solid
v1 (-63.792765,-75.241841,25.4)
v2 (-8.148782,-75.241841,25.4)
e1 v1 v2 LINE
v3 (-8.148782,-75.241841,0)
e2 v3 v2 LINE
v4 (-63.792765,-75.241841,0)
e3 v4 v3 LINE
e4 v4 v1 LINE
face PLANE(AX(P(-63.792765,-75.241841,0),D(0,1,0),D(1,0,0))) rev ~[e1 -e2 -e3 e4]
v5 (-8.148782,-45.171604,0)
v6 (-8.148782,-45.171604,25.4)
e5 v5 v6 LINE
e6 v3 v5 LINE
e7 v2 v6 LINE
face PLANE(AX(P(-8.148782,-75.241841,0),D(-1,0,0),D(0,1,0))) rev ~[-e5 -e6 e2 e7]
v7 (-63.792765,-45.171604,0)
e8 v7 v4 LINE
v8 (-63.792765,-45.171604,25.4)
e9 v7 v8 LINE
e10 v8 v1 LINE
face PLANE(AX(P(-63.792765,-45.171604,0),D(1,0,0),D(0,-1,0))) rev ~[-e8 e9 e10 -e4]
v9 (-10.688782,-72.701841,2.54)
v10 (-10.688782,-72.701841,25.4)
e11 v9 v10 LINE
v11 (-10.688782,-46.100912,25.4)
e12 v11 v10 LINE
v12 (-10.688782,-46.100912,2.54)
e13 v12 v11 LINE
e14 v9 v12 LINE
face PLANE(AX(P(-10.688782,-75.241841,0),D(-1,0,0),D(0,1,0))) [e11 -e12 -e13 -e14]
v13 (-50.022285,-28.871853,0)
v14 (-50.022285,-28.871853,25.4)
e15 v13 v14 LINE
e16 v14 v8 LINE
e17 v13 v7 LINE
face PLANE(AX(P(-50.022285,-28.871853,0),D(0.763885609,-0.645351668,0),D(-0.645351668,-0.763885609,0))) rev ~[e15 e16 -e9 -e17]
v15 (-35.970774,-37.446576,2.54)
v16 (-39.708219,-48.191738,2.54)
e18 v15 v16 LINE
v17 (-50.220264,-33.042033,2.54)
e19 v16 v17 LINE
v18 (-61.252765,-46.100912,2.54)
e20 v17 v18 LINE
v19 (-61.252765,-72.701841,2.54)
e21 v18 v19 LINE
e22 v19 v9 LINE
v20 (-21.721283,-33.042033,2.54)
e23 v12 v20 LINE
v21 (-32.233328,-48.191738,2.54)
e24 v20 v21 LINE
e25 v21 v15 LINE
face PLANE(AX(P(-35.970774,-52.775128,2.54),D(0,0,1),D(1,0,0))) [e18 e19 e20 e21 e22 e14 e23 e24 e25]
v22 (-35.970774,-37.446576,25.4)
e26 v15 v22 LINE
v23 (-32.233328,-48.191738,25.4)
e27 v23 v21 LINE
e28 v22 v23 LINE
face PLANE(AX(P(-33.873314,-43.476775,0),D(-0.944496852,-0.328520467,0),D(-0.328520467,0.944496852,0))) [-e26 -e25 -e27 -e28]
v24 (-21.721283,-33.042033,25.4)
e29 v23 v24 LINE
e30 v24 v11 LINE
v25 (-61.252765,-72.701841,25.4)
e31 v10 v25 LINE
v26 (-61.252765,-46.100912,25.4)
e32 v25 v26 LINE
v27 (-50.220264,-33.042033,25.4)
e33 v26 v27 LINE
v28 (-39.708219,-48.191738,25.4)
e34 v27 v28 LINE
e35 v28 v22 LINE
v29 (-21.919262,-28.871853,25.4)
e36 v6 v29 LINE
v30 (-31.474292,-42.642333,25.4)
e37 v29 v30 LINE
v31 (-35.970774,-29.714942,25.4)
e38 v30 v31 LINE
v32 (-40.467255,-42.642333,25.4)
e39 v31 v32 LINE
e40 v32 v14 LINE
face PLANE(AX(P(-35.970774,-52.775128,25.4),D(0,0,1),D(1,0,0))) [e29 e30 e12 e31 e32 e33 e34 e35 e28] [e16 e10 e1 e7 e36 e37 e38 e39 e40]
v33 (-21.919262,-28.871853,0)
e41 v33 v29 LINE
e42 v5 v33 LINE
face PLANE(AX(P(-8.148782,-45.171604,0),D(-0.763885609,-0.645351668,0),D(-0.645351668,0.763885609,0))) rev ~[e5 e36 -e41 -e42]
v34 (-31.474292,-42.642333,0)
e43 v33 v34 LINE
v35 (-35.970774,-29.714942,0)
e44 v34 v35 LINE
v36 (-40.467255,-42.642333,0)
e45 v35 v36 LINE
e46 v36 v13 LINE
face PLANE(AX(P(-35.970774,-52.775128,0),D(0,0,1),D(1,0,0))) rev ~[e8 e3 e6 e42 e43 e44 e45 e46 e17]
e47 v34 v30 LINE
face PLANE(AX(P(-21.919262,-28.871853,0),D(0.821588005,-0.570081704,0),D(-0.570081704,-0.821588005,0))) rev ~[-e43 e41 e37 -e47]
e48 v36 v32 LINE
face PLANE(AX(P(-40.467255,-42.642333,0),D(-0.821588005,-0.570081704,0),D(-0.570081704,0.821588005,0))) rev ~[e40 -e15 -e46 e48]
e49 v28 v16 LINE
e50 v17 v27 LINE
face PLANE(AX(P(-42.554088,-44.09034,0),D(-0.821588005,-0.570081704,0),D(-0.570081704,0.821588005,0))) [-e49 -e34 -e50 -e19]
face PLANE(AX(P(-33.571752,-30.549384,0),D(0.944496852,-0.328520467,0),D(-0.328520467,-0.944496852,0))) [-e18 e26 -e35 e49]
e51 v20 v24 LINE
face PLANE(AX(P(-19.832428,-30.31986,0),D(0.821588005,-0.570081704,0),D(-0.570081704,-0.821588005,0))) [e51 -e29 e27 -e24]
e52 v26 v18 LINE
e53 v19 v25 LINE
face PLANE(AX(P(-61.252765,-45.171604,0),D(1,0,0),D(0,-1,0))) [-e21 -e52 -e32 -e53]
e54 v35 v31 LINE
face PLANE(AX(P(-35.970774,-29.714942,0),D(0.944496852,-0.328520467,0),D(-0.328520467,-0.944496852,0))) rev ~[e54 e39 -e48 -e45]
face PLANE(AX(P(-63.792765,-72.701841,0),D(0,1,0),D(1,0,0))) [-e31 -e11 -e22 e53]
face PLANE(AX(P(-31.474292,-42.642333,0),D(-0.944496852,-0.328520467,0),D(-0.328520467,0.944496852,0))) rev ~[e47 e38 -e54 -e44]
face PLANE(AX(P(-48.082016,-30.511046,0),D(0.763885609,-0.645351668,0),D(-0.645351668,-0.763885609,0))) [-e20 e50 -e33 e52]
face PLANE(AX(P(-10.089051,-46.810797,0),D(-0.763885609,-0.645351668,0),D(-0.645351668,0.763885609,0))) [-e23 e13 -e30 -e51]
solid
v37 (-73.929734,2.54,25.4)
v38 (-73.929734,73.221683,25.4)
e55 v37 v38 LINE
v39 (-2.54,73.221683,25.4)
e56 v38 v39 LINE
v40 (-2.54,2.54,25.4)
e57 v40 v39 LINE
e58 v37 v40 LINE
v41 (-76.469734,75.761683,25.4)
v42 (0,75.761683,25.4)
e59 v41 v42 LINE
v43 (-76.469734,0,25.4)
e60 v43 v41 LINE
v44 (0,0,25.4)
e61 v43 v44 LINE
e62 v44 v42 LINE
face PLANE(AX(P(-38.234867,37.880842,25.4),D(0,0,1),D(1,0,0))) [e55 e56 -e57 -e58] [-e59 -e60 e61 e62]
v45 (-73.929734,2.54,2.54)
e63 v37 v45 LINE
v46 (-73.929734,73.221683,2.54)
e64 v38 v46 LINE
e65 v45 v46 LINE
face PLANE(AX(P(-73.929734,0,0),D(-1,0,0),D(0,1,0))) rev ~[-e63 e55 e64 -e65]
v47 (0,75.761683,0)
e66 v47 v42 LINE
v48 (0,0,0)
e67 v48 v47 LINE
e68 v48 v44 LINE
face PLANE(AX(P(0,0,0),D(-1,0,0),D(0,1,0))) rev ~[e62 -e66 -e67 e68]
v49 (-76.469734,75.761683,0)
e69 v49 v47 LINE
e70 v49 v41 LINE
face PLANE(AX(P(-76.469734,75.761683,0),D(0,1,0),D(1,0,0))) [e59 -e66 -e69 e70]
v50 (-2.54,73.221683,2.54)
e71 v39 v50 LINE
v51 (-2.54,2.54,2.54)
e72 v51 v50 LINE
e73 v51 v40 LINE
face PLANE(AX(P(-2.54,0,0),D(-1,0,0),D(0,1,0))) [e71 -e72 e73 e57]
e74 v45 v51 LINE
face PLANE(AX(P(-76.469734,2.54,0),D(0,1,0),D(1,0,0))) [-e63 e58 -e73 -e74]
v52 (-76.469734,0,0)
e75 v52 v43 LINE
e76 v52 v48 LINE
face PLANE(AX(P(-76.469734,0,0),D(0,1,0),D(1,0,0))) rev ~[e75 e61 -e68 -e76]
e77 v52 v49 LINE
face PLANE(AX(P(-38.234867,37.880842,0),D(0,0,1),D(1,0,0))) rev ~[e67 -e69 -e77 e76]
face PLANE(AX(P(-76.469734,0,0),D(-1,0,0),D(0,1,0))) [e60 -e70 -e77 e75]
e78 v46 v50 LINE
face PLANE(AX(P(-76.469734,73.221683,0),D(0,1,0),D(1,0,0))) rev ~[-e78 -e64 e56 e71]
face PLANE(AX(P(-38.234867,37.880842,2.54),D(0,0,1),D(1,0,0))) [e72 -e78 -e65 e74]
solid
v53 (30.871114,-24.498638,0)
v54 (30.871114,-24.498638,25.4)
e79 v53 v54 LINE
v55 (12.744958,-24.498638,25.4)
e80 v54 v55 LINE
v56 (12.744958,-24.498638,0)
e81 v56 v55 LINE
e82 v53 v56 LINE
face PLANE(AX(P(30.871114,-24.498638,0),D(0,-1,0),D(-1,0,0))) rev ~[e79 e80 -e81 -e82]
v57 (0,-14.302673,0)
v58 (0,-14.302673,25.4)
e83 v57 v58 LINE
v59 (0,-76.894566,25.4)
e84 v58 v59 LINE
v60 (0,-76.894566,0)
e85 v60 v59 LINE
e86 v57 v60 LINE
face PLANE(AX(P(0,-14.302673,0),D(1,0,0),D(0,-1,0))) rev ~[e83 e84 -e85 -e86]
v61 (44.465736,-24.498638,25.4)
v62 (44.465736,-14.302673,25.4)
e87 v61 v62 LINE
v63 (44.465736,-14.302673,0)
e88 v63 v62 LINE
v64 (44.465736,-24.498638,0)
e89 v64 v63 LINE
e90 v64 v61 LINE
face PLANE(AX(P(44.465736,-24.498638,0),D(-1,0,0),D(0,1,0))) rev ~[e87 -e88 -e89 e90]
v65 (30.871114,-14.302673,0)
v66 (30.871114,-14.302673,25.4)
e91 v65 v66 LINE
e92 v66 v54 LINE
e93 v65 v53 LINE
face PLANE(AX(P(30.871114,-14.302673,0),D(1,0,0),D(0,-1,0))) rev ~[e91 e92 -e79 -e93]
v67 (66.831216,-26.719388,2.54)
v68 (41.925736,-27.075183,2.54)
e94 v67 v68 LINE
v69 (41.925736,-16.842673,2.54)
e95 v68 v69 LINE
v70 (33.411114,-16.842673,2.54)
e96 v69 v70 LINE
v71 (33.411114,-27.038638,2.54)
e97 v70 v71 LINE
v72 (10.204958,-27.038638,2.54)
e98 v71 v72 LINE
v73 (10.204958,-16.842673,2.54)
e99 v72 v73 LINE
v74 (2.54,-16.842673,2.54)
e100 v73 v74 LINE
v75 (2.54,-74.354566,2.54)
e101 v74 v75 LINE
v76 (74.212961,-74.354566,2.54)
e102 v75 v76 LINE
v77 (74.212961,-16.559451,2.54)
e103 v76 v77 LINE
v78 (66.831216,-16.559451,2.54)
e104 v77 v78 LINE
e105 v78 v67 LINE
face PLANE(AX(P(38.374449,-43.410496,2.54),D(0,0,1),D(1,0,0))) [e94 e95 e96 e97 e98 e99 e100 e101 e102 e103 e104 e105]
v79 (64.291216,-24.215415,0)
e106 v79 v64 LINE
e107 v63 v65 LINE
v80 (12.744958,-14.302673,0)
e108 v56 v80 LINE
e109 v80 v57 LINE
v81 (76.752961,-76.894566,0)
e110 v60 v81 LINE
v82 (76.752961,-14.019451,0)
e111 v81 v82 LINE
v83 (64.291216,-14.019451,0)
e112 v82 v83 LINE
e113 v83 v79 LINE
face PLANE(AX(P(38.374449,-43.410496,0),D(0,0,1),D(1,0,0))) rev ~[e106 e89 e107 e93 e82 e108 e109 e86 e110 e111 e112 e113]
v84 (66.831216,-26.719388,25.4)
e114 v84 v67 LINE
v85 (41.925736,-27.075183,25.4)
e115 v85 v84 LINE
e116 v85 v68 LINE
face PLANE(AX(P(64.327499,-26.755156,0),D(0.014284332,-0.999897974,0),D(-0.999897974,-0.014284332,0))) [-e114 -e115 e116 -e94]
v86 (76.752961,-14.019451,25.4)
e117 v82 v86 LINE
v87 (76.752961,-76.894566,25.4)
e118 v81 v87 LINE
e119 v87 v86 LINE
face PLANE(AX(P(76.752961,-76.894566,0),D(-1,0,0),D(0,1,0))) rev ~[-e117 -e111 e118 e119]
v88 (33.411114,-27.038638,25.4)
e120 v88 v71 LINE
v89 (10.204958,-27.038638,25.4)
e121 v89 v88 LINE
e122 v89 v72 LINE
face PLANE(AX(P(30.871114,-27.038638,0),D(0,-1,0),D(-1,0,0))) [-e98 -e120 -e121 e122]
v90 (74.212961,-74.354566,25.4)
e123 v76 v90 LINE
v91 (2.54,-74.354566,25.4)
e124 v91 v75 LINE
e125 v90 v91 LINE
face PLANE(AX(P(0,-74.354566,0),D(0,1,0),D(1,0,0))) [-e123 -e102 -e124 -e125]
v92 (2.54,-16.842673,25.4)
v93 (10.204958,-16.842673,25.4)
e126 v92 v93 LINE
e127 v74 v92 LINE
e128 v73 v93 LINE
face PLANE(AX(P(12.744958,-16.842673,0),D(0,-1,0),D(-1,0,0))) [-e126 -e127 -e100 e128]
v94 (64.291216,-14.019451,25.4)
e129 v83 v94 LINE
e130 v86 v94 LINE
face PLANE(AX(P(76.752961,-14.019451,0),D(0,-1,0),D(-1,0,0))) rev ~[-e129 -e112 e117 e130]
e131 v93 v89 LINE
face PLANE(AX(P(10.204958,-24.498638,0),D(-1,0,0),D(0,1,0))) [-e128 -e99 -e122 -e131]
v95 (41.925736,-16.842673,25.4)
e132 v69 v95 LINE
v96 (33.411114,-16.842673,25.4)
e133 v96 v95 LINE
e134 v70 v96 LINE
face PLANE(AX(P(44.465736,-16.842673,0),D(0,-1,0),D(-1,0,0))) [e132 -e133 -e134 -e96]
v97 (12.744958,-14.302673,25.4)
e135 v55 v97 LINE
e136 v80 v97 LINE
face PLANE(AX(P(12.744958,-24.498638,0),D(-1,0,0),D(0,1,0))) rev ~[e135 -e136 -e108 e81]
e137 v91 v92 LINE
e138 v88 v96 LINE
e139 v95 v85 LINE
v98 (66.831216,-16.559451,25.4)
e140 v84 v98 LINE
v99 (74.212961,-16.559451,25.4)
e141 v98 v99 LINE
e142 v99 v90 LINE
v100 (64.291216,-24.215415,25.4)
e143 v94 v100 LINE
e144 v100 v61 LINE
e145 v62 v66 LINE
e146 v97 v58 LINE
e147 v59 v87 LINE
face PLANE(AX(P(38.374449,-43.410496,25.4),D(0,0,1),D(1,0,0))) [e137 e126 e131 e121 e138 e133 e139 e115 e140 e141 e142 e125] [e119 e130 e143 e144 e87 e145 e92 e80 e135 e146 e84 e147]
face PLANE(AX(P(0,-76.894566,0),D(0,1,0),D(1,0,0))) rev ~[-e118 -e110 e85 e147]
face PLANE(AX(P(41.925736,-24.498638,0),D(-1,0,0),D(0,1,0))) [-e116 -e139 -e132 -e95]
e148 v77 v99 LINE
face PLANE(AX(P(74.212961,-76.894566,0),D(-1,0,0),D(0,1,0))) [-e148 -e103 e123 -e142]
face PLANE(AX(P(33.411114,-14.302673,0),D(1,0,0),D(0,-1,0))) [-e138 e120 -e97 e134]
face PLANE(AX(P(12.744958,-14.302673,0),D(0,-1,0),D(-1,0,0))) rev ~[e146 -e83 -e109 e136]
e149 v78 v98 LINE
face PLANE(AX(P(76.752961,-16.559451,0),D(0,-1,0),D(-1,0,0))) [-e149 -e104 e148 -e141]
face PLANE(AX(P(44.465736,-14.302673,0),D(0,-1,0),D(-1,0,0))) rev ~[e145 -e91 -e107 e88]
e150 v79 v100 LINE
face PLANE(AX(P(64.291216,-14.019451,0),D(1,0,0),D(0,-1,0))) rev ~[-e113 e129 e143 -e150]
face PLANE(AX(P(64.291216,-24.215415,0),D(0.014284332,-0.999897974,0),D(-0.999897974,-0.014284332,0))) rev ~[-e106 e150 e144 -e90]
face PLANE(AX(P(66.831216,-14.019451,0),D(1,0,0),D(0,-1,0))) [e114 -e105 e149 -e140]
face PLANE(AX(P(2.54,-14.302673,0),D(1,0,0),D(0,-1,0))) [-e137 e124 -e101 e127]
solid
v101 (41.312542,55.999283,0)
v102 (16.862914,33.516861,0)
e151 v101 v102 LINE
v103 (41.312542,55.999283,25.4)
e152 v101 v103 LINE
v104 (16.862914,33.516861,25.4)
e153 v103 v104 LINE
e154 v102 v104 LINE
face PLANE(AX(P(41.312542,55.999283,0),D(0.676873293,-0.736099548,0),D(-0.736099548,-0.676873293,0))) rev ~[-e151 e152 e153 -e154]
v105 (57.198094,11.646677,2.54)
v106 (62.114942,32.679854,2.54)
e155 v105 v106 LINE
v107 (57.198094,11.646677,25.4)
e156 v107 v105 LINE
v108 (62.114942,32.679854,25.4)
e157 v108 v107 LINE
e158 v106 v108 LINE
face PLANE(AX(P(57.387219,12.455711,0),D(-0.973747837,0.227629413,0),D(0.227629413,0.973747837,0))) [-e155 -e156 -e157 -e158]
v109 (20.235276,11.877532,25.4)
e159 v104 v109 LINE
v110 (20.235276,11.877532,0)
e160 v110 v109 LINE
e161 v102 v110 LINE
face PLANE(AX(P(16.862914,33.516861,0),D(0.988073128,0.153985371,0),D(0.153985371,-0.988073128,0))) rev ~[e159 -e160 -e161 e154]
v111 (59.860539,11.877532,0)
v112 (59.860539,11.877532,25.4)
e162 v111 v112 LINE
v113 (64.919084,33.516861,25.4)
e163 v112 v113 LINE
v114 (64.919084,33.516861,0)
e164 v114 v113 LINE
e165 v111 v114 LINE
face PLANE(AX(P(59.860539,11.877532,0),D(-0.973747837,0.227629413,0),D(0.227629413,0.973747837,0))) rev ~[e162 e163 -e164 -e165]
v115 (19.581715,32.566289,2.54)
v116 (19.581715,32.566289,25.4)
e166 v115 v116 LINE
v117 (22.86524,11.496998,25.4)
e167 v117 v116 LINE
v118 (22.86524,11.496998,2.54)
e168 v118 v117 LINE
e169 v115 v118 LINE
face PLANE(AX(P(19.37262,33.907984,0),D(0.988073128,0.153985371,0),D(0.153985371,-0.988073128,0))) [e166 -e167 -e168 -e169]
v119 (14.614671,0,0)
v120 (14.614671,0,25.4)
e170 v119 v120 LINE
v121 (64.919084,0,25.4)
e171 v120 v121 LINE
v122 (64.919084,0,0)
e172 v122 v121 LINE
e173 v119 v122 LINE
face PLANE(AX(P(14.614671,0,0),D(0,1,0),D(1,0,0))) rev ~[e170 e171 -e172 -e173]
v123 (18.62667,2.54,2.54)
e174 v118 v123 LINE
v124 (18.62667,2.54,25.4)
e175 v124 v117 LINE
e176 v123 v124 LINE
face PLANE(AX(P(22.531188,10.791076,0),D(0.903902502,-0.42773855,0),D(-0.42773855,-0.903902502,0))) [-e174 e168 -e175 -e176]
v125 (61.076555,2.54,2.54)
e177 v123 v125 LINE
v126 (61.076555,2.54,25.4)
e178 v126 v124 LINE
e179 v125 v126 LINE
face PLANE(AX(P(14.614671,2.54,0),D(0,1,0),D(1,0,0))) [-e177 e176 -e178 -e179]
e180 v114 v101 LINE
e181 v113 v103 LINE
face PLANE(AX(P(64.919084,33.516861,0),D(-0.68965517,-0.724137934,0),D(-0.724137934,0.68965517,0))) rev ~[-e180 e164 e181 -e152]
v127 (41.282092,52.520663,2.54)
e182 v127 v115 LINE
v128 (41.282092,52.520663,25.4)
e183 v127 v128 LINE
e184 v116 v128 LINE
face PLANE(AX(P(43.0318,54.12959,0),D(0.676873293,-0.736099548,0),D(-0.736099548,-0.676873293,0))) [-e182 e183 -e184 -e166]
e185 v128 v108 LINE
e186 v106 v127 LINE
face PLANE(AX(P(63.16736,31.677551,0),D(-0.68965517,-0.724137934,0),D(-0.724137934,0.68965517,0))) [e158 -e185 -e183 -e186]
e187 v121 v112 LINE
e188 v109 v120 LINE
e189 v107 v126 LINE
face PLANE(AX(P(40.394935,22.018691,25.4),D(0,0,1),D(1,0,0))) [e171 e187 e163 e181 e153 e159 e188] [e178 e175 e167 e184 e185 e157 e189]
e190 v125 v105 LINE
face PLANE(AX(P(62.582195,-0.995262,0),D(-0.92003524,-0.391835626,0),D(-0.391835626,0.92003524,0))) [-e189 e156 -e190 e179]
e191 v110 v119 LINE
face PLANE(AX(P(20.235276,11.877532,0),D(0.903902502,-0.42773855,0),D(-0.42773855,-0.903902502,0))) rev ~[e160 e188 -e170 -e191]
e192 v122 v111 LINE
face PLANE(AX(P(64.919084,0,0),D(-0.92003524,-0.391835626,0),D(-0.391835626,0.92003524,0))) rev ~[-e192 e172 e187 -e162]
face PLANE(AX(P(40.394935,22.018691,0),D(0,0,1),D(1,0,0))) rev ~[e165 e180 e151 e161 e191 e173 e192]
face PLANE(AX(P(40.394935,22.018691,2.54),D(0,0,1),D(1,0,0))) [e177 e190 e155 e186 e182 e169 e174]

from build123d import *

# Parameters (mm, degrees)
F0_W      = 76.4697343111
F0_H      = 75.7616832852
F1_DEPTH  = 25.4
F2_T      = -2.54
F4_DEPTH  = 25.4
F5_T      = -2.54
F7_DEPTH  = 25.4
F8_T      = -2.54
F10_DEPTH = 25.4
F11_T     = -2.54


with BuildPart() as f1:
    # F0 (on Top) → F1 (new body)
    with BuildSketch(Plane.XY):
        with Locations((-38.2348671556, 37.8808416426)):
            Rectangle(F0_W, F0_H)
    extrude(amount=F1_DEPTH)

    # F2
    f2_openings = [f1.faces().sort_by_distance(p)[0] for p in [
        (-38.234867, 37.880842, 25.4),
    ]]
    offset(amount=F2_T, openings=f2_openings)


with BuildPart() as f4:
    # F3 (on Top) → F4 (new body)
    with BuildSketch(Plane.XY):
        Polygon((0, -27.3308493197), (0, -76.8945664167), (75.3368511796, -76.8945664167), (76.7529606819, -76.8945664167), (76.7529606819, -26.1979643255), (76.7529606819, -14.0194511041), (64.291216433, -14.0194511041), (64.291216433, -24.2154151201), (44.4657355547, -24.4986377656), (44.4657355547, -14.3026728183), (30.8711137623, -14.3026728183), (30.8711137623, -24.4986377656), (12.7449575812, -24.4986377656), (12.7449575812, -14.3026728183), (0, -14.3026728183), align=None)
    extrude(amount=F4_DEPTH)

    # F5
    f5_openings = [f4.faces().sort_by_distance(p)[0] for p in [
        (38.375371, -47.8518, 25.4),
    ]]
    offset(amount=F5_T, openings=f5_openings, kind=Kind.INTERSECTION)


with BuildPart() as f7:
    # F6 (on Top) → F7 (new body)
    with BuildSketch(Plane.XY):
        Polygon((-63.7927651405, -45.1716035604), (-63.7927651405, -75.2418413758), (-35.9707735479, -75.2418413758), (-8.1487819552, -75.2418413758), (-8.1487819552, -45.1716035604), (-21.9192616642, -28.8718529046), (-31.4742922783, -42.6423326135), (-35.9707735479, -29.7149419785), (-40.4672548175, -42.6423326135), (-50.0222854316, -28.8718529046), align=None)
    extrude(amount=F7_DEPTH)

    # F8
    f8_openings = [f7.faces().sort_by_distance(p)[0] for p in [
        (-35.970774, -55.60192, 25.4),
    ]]
    offset(amount=F8_T, openings=f8_openings, kind=Kind.INTERSECTION)


with BuildPart() as f10:
    # F9 (on Top) → F10 (new body)
    with BuildSketch(Plane.XY):
        Polygon((20.2352758497, 11.8775321171), (14.6146714687, 0), (64.9190843105, 0), (59.8605386913, 11.8775321171), (64.9190843105, 33.5168614984), (41.3125418127, 55.9992827475), (16.8629139662, 33.5168614984), align=None)
    extrude(amount=F10_DEPTH)

    # F11
    f11_openings = [f10.faces().sort_by_distance(p)[0] for p in [
        (40.476026, 23.263957, 25.4),
    ]]
    offset(amount=F11_T, openings=f11_openings, kind=Kind.INTERSECTION)


solid = Compound([f1.part, f4.part, f7.part, f10.part])
